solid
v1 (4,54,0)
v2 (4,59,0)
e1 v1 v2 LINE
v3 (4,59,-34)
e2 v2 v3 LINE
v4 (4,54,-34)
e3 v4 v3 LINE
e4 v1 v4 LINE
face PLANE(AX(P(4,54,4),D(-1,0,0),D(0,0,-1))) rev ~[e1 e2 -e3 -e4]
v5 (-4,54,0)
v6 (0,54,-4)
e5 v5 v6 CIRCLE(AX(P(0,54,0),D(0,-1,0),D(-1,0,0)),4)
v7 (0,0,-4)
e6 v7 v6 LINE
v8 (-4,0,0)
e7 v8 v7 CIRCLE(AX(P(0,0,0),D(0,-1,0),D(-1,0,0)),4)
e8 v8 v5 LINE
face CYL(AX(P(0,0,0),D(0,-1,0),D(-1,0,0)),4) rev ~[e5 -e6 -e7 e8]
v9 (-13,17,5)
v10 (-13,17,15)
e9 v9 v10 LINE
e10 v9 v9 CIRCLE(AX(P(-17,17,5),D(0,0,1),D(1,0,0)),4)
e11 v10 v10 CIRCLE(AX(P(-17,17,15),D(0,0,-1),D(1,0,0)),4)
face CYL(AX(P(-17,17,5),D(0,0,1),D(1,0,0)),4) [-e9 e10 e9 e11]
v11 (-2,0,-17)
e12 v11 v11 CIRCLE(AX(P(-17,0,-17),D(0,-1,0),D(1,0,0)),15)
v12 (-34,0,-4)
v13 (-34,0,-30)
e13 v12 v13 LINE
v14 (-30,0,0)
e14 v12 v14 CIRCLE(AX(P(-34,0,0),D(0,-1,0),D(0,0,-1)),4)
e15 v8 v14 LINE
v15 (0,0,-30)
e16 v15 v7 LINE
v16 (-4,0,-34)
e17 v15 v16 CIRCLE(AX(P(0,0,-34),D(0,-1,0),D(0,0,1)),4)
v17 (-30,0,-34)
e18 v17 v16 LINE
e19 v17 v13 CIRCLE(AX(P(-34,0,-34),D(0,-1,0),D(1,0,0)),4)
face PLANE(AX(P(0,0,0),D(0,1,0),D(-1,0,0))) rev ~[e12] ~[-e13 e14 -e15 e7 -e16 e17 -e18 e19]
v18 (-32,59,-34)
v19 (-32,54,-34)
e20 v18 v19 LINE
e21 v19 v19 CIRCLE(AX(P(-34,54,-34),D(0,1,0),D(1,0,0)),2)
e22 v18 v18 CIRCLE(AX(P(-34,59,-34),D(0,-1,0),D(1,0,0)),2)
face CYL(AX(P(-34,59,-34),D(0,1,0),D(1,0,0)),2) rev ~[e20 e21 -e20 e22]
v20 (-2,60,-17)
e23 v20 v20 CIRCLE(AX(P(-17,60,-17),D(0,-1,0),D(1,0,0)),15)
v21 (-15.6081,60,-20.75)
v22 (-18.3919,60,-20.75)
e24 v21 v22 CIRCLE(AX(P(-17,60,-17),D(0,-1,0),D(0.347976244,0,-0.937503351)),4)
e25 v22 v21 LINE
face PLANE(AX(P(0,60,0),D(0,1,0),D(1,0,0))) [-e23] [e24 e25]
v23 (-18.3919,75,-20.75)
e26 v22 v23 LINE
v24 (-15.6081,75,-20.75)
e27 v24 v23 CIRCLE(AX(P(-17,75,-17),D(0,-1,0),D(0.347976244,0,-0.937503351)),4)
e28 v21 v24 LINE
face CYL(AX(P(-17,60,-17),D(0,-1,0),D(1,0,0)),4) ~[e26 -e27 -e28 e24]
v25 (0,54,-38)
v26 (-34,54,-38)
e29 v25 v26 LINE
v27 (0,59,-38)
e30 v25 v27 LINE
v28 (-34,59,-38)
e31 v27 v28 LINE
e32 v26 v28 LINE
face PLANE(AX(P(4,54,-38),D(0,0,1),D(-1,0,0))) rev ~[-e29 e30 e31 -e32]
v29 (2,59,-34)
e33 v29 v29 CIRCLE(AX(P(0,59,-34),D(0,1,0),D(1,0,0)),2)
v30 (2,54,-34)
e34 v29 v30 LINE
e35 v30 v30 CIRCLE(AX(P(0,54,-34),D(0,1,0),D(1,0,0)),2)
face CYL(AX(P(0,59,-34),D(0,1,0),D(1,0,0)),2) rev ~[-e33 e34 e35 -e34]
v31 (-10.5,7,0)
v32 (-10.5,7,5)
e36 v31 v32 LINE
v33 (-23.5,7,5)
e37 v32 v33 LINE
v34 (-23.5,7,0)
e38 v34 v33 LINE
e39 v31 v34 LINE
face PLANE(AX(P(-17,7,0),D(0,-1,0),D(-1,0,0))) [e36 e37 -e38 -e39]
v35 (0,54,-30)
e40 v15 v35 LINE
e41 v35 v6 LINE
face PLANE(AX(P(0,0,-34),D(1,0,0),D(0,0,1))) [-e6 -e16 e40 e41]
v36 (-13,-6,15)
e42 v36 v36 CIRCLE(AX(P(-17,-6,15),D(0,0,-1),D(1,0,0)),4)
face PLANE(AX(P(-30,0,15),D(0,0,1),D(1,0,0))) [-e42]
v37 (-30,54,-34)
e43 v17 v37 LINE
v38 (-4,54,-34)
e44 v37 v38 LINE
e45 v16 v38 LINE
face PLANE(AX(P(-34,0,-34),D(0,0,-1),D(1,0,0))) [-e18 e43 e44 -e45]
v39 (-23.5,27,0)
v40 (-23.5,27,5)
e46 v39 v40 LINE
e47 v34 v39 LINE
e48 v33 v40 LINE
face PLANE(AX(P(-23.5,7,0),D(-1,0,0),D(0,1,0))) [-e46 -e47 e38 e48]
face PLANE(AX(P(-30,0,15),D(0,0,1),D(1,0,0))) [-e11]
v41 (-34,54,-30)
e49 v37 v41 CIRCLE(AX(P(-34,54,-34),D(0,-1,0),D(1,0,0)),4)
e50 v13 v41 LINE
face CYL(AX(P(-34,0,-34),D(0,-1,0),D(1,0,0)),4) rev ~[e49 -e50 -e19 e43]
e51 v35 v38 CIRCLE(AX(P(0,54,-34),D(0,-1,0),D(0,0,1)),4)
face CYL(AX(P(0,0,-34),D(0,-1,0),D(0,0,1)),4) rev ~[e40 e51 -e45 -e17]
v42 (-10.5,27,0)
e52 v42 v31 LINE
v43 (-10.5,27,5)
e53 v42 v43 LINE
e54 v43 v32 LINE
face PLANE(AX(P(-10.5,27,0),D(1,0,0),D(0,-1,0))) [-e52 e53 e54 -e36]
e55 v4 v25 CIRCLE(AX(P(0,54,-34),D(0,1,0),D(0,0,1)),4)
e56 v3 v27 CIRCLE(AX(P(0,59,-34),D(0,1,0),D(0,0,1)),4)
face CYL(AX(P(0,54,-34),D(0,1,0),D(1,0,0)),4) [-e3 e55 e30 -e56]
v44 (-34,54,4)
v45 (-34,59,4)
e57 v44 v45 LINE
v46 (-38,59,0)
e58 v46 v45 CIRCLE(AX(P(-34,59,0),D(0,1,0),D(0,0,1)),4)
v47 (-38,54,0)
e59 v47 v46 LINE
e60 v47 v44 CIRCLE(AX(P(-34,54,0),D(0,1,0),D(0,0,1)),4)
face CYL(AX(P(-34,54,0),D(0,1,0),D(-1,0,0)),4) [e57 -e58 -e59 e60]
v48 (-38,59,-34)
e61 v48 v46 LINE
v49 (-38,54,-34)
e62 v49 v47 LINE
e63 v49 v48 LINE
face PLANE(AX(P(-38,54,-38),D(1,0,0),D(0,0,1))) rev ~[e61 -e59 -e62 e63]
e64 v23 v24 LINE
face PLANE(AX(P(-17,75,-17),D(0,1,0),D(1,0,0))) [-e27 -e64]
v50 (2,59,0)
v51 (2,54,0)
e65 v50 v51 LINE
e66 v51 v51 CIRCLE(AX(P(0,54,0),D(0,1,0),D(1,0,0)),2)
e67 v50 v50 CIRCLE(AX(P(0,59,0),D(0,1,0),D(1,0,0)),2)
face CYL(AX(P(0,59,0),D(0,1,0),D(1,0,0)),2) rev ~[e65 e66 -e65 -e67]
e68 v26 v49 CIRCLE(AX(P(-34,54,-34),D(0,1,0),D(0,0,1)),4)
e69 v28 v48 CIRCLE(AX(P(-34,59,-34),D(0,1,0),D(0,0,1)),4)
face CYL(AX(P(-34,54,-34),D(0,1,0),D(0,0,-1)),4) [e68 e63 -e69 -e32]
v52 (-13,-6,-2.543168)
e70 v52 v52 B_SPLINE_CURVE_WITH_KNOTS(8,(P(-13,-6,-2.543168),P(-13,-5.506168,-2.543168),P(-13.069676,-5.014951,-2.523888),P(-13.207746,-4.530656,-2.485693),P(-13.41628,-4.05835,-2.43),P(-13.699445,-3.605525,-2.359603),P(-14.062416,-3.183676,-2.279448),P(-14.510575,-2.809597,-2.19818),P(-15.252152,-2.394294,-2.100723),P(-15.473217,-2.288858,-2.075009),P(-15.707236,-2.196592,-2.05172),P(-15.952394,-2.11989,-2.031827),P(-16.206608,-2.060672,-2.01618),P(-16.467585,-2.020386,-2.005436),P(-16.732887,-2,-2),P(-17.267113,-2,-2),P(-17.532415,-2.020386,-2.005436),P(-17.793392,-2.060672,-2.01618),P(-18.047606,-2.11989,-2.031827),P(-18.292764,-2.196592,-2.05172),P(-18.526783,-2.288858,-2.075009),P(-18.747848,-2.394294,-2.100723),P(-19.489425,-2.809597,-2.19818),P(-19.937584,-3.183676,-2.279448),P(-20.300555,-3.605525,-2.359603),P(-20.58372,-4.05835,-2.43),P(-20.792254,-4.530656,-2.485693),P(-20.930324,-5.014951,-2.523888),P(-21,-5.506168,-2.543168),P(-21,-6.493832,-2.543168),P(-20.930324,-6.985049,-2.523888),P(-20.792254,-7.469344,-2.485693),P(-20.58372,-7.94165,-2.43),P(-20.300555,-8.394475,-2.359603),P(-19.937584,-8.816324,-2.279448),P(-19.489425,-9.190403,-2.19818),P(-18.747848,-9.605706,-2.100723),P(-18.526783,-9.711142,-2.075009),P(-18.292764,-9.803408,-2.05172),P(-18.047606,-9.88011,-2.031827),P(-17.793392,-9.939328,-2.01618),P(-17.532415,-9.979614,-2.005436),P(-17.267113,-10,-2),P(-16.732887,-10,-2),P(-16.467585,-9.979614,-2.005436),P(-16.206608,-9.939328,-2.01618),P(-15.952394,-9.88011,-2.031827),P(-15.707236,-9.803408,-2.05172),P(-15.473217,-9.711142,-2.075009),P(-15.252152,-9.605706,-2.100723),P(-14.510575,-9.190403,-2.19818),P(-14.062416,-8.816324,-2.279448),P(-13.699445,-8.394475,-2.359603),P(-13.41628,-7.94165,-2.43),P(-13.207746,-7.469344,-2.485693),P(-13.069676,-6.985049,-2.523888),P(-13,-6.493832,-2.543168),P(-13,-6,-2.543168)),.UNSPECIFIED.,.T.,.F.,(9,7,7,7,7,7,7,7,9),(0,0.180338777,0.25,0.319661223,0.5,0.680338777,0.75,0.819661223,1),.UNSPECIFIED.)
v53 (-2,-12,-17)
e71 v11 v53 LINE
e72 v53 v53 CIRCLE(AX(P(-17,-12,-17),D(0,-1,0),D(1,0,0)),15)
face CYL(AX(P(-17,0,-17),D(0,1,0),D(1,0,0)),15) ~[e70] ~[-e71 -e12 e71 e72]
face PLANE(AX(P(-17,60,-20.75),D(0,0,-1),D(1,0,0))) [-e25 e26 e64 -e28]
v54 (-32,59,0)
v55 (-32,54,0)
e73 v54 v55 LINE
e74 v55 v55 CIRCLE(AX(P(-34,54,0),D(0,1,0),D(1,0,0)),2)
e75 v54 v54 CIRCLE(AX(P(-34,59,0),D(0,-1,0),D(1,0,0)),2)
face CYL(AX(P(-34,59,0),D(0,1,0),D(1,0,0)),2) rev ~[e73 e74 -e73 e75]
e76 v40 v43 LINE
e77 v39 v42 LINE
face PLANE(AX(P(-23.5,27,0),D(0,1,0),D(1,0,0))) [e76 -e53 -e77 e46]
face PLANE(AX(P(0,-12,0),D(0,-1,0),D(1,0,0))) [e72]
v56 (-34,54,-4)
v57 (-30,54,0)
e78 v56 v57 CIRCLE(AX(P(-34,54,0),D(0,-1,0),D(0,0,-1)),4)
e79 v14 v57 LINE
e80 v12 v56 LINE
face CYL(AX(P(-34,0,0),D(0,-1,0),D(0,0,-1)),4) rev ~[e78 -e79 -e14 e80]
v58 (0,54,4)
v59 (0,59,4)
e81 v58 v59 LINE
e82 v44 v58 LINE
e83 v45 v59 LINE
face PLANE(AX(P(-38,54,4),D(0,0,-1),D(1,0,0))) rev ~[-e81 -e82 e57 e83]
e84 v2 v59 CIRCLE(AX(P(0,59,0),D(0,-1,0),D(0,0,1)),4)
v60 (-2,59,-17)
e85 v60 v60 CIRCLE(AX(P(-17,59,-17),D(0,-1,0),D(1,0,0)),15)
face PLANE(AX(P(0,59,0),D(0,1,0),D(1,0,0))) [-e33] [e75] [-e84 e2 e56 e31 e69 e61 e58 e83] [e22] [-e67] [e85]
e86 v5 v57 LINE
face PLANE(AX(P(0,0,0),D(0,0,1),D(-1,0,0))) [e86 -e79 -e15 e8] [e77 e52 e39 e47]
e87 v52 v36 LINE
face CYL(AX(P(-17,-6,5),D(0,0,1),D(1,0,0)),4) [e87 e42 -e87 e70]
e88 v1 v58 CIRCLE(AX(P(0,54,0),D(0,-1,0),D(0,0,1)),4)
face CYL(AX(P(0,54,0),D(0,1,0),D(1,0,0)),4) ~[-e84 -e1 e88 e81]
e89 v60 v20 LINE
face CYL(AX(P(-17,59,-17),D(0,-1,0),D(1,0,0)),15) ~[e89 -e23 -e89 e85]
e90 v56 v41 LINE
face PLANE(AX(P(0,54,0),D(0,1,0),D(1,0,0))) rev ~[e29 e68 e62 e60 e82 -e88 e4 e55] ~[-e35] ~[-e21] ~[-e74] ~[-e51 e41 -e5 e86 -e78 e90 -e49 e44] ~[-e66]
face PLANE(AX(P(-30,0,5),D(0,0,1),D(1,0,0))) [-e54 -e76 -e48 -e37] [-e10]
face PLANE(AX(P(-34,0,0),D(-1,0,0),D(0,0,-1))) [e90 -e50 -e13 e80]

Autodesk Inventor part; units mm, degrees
ref_plane "YZ Plane" through (0, 0, 0) normal (1, 0, 0) x (0, 1, 0)
ref_plane "XZ Plane" through (0, 0, 0) normal (0, 1, 0) x (-1, 0, 0)
sketch "Sketch1" plane through (0, 0, 0) normal (0, 1, 0) x (-1, 0, 0)
  line L0 (0, 0) -> (34, 0)
  line L1 (34, 0) -> (34, -34)
  line L2 (34, -34) -> (0, -34)
  line L3 (0, -34) -> (0, 0)
  dimension "d0" = 34
  dimension "d1" = 34
extrude "Extrusion1" add sketch "Sketch1" along normal blind 54
sketch "Sketch4" plane through (0, 54, 0) normal (0, 1, 0) x (1, 0, 0)
  point P0 (0, 0)
sketch "Sketch5" plane through (0, 54, 0) normal (0, 1, 0) x (1, 0, 0)
  line L0 (-34, 34) -> (-34, 0) projected
  line L1 (0, 0) -> (-34, 0)
  line L2 (-34, 0) -> (-34, 34)
  line L3 (-34, 34) -> (0, 34)
  line L4 (0, 34) -> (0, 0)
  line L5 (4, 38) -> (-38, 38)
  line L6 (-38, 38) -> (-38, -4)
  line L7 (-38, -4) -> (4, -4)
  line L8 (4, -4) -> (4, 38)
  dimension "d15" = 4
extrude "Extrusion2" add sketch "Sketch5" along normal blind 5 contours L3 L4 L1 L0 | L8 L7 L6 L5
sketch "Sketch6" plane through (0, 59, 0) normal (0, 1, 0) x (1, 0, 0)
  line L0 (-34, 34) -> (-34, 0) projected
  circle A0 centre (-34, 34) radius 2
  line L1 (-38, 38) -> (-38, -4) projected
  line L2 (-38, 38) -> (-38, 34)
  line L3 (-38, 38) -> (-34, 38)
  line L4 (4, 38) -> (-38, 38) projected
  circle A1 centre (-34, 0) radius 2
  circle A2 centre (0, 34) radius 2
  circle A3 centre (0, 0) radius 2
  point P0 (0, 0)
  dimension "d18" = 4
  dimension "d21" = 34
  dimension "d24" = 34
extrude "Extrusion3" cut sketch "Sketch6" against normal blind 5
sketch "Sketch8" plane through (0, 0, 0) normal (0, -1, 0) x (1, 0, 0)
  line L0 (0, -32) -> (0, -34) projected
  line L1 (0, -2) -> (0, -32) projected
  arc A0 (0, -30) -> (-4, -34) centre (0, -34) ccw
  line L2 (-32, -34) -> (-34, -34) projected
  line L3 (-34, -32) -> (-34, -2) projected
  line L4 (-34, -34) -> (-30, -34) construction
  line L5 (-34, -34) -> (-30, -34) construction
  line L6 (0, -34) -> (-4, -34)
  line L7 (-2, -34) -> (-32, -34) projected
  line L8 (0, -30) -> (0, -34)
  line L9 (-17, -34) -> (-17, -17)
  circle A1 centre (-17, -17) radius 1.5
  arc A2 (-4, 0) -> (0, -4) centre (0, 0) ccw
  line L10 (0, 0) -> (0, -4)
  line L11 (-4, 0) -> (0, 0)
  arc A3 (-34, -4) -> (-30, 0) centre (-34, 0) ccw
  line L12 (-34, 0) -> (-30, 0)
  line L13 (-34, -4) -> (-34, 0)
  arc A4 (-30, -34) -> (-34, -30) centre (-34, -34) ccw
  line L14 (-34, -34) -> (-34, -30)
  line L15 (-30, -34) -> (-34, -34)
  point P0 (0, 0)
  point P1 (0, -2)
  point P2 (-2, 0)
  point P3 (-32, 0)
  point P4 (-34, -2)
  point P5 (-34, -32)
  point P6 (-32, -34)
  dimension "d29" = 4
  dimension "d31" = 0
  dimension "d32" = 3
  dimension "d33" = 17
  dimension "d36" = 360
extrude "Extrusion4" cut sketch "Sketch8" against normal up to surface (54 mm away) contours L3 L13 L12 A3 | L7 L2 L14 L3 A4 | A2 L11 L10 L1 | L0 L6 A0 L1
sketch "Sketch9" plane through (0, 59, 0) normal (0, 1, 0) x (1, 0, 0)
  line L0 (-38, -4) -> (4, -4) projected
  line L1 (-17, -4) -> (-17, 17)
  circle A0 centre (-17, 17) radius 15
  point P0 (0, 0)
  dimension "d40" = 21
  dimension "d41" = 30
extrude "Extrusion5" add sketch "Sketch9" along normal blind 1
sketch "Sketch10" plane through (-17, 60, -17) normal (0, 1, 0) x (1, 0, 0)
  circle A0 centre (0, 0) radius 15 projected
  circle A1 centre (0, 0) radius 4
  line L0 (0, 0) -> (0, 3.75)
  line L1 (0, 3.75) -> (1.3919, 3.75)
  line L2 (0, 3.75) -> (-1.3919, 3.75)
  point P0 (17, -17)
  dimension "d44" = 8
  dimension "d45" = 3.75
extrude "Extrusion6" add sketch "Sketch10" along normal blind 15 contours A1 L2 L1 picked at (-0.0068, -1.3972)
fillet "Fillet1" radius 4 4 edges at (4, 56.5, -38) (4, 56.5, 4) (-38, 56.5, -38) (-38, 56.5, 4)
sketch "Sketch11" plane through (-30, 0, 0) normal (0, 0, 1) x (1, 0, 0)
  line L0 (26, 0) -> (0, 0) projected
  line L1 (13, 0) -> (13, 17)
  line L2 (6.5, 27) -> (19.5, 27)
  line L3 (19.5, 27) -> (19.5, 7)
  line L4 (19.5, 7) -> (6.5, 7)
  line L5 (6.5, 7) -> (6.5, 27)
  line L6 (6.5, 27) -> (19.5, 7) construction
  line L7 (19.5, 27) -> (6.5, 7) construction
  point P0 (30, 0)
  dimension "d49" = 17
  dimension "d50" = 13
  dimension "d51" = 20
extrude "Extrusion7" add sketch "Sketch11" along normal blind 5
ref_plane "Work Plane1" through (-30, 0, 20) normal (0, 0, 1) x (1, 0, 0)
sketch "Sketch12" plane through (-30, 0, 20) normal (0, 0, 1) x (1, 0, 0)
  line L0 (6.5, 7) -> (6.5, 27) projected
  line L1 (6.5, 7) -> (6.5, 0)
  line L2 (26, 0) -> (0, 0) projected
  circle A0 centre (6.5, 0) radius 4
  line L3 (19.5, 7) -> (6.5, 7) projected
  line L4 (19.5, 7) -> (19.5, 0)
  circle A1 centre (19.5, 0) radius 4
  point P0 (30, 0)
  dimension "d61" = 8
  dimension "d62" = 8
sketch "Sketch13" plane through (0, 0, 0) normal (0, -1, 0) x (1, 0, 0)
  line L0 (0, -30) -> (0, -4) projected
  line L1 (0, -17) -> (-17, -17)
  circle A0 centre (-17, -17) radius 15
  point P0 (0, 0)
  dimension "d57" = 17
  dimension "d58" = 30
extrude "Extrusion8" add sketch "Sketch13" along normal blind 12
sketch "Sketch14" plane through (-23.5, 7, 0) normal (0, -1, 0) x (1, 0, 0)
  point P0 (23.5, 0)
sketch "Sketch15" plane through (-30, 0, 5) normal (0, 0, 1) x (1, 0, 0)
  line L0 (6.5, 7) -> (6.5, 27) projected
  line L1 (6.5, 17) -> (13, 17)
  circle A0 centre (13, 17) radius 4
  line L2 (13, 17) -> (13, -6)
  circle A1 centre (13, -6) radius 4
  point P0 (30, 0)
  dimension "d63" = 6.5
  dimension "d64" = 8
  dimension "d65" = 23
  dimension "d66" = 8
extrude "Extrusion9" add sketch "Sketch15" along normal mid plane 20
properties part number "NEMA17_Stepper_CL42H60"
